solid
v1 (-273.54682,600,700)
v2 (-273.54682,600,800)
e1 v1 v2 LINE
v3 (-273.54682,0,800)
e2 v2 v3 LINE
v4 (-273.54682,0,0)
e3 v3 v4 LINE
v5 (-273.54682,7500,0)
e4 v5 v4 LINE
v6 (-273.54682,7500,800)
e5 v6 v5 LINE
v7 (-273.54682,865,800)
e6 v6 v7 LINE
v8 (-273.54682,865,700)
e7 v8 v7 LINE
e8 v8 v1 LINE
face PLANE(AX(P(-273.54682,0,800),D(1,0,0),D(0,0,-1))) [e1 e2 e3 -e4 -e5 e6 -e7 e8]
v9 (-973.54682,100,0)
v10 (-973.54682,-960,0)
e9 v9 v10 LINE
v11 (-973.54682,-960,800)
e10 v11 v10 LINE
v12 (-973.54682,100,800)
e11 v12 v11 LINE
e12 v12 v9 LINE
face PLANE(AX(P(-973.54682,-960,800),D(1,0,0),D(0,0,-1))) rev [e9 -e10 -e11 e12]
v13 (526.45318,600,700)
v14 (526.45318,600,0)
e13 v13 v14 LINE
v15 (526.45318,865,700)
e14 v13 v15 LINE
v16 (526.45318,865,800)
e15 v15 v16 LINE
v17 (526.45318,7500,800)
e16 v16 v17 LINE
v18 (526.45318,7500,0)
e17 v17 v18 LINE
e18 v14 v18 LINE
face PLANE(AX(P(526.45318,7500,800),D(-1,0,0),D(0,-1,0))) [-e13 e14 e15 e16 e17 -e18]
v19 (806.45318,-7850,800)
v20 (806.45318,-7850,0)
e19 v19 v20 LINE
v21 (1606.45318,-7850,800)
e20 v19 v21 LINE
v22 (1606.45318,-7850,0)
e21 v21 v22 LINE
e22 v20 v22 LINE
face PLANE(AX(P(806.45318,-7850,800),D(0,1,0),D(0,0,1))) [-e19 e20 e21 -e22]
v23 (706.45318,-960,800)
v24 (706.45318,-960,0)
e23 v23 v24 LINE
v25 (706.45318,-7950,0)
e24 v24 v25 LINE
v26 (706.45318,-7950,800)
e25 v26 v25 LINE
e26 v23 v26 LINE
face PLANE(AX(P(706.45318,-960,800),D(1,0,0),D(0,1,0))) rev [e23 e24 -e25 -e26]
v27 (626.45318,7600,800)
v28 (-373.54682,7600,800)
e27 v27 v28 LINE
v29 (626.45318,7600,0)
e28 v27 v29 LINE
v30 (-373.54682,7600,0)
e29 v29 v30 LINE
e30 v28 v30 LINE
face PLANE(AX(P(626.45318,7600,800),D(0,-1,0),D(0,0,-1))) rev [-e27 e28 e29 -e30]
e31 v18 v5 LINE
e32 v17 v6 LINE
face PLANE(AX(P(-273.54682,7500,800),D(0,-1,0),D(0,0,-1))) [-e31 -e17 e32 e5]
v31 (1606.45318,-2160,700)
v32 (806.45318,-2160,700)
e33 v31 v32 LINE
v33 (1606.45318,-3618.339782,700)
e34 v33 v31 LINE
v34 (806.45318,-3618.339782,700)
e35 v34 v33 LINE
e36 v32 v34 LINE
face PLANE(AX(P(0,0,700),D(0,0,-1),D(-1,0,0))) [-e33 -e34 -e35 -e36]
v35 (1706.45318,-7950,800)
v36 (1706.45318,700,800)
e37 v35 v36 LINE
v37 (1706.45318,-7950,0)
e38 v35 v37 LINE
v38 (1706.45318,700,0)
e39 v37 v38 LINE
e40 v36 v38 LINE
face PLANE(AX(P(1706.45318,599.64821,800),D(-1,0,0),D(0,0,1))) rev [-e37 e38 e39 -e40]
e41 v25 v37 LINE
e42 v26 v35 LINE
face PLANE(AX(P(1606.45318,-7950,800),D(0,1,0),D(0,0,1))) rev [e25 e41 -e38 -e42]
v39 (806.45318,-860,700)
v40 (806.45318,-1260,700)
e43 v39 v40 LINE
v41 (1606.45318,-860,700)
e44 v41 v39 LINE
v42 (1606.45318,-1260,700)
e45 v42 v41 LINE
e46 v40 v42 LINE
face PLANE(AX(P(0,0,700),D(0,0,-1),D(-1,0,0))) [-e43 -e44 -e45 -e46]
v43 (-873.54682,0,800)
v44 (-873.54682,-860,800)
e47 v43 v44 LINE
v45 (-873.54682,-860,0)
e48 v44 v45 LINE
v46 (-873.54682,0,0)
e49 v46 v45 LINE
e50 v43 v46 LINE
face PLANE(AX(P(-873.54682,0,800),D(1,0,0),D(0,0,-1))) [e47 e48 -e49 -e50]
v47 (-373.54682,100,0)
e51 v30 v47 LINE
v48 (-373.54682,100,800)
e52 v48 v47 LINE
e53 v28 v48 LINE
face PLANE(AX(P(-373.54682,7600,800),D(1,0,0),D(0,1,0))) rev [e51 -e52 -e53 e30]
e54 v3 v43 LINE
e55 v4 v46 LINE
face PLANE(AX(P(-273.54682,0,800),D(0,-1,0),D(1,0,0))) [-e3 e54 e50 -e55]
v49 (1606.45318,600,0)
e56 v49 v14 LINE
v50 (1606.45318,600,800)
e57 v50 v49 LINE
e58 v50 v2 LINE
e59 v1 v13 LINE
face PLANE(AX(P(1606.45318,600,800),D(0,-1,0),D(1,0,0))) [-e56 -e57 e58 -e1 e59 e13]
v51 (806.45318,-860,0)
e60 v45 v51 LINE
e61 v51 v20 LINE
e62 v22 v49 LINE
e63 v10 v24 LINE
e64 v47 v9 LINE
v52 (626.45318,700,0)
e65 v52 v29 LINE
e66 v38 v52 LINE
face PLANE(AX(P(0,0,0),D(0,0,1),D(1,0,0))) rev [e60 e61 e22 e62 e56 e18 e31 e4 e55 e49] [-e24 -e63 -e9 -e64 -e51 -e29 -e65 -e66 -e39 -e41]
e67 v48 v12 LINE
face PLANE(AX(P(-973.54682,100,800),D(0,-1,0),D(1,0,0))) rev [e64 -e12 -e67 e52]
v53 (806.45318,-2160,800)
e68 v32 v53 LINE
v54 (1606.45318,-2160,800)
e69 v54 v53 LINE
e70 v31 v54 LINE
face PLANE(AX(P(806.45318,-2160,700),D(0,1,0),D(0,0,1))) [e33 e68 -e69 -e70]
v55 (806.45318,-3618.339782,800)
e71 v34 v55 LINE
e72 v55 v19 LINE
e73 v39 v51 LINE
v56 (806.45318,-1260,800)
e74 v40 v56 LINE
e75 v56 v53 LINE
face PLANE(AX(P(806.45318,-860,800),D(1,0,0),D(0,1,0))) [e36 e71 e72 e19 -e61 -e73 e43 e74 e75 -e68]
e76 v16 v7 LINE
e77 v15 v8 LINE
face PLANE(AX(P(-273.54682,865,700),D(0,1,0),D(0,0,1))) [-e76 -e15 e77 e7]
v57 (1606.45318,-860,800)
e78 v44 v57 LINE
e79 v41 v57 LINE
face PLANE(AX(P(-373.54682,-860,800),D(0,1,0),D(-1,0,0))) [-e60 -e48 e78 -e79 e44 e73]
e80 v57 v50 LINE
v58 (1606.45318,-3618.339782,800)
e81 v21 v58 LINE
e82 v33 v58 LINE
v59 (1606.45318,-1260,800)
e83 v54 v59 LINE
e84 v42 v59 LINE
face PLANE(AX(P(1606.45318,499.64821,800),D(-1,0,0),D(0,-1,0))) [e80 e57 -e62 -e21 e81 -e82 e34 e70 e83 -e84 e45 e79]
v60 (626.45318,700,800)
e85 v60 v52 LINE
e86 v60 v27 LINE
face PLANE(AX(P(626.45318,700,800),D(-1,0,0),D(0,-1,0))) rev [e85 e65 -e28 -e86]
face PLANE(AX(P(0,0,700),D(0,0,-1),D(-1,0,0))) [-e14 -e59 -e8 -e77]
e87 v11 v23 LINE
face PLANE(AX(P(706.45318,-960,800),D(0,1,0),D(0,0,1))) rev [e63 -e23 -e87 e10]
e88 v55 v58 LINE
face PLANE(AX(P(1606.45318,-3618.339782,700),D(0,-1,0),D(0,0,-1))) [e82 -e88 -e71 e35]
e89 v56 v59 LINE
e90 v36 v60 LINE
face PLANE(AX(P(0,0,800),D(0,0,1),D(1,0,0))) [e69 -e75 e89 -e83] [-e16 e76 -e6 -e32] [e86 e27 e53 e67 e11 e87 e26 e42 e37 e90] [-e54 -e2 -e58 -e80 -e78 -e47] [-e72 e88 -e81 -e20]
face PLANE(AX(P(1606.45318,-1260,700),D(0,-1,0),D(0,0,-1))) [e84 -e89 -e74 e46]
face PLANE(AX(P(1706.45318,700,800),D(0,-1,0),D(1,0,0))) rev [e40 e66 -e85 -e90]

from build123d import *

# Parameters (mm, degrees)
SALIENTE_EXTRUIR1_DEPTH = 800
CROQUIS2_W              = 800
CROQUIS2_H              = 400
SALIENTE_EXTRUIR2_DEPTH = 100
CROQUIS3_W              = 800
CROQUIS3_H              = 1458.339782358
SALIENTE_EXTRUIR3_DEPTH = 100
CROQUIS4_W              = 800
CROQUIS4_H              = 265
SALIENTE_EXTRUIR4_DEPTH = 100


with BuildPart() as part:
    # Croquis1 → Saliente-Extruir1 (new body)
    with BuildSketch(Plane.XY):
        Polygon((1606.453179542, -7950), (1706.453179542, -7950), (1706.453179542, 99.648210299), (1706.453179542, 499.648210299), (1706.453179542, 599.648210299), (1706.453179542, 700), (626.453179542, 700), (626.453179542, 7600), (-373.546820458, 7600), (-373.546820458, 100), (-973.546820458, 100), (-973.546820458, -960), (706.453179542, -960), (706.453179542, -7950), align=None)
        Polygon((-273.546820458, 0), (-273.546820458, 7500), (526.453179542, 7500), (526.453179542, 600), (1606.453179542, 600), (1606.453179542, 499.648210299), (1606.453179542, 399.648210299), (1606.453179542, 0), (1606.453179542, -2193.685123034), (1606.453179542, -7850), (806.453179542, -7850), (806.453179542, -860), (-373.546820458, -860), (-873.546820458, -860), (-873.546820458, 0), align=None, mode=Mode.SUBTRACT)
    extrude(amount=SALIENTE_EXTRUIR1_DEPTH)

    # Croquis2 → Saliente-Extruir2 (add)
    with BuildSketch(Plane.XY.offset(800)):
        with Locations((1206.453179542, -1060)):
            Rectangle(CROQUIS2_W, CROQUIS2_H)
    extrude(amount=-SALIENTE_EXTRUIR2_DEPTH)

    # Croquis3 → Saliente-Extruir3 (add)
    with BuildSketch(Plane.XY.offset(800)):
        with Locations((1206.453179542, -2889.169891179)):
            Rectangle(CROQUIS3_W, CROQUIS3_H)
    extrude(amount=-SALIENTE_EXTRUIR3_DEPTH)

    # Croquis4 → Saliente-Extruir4 (add)
    with BuildSketch(Plane.XY.offset(800)):
        with Locations((126.453179542, 732.5)):
            Rectangle(CROQUIS4_W, CROQUIS4_H)
    extrude(amount=-SALIENTE_EXTRUIR4_DEPTH)


solid = part.part
